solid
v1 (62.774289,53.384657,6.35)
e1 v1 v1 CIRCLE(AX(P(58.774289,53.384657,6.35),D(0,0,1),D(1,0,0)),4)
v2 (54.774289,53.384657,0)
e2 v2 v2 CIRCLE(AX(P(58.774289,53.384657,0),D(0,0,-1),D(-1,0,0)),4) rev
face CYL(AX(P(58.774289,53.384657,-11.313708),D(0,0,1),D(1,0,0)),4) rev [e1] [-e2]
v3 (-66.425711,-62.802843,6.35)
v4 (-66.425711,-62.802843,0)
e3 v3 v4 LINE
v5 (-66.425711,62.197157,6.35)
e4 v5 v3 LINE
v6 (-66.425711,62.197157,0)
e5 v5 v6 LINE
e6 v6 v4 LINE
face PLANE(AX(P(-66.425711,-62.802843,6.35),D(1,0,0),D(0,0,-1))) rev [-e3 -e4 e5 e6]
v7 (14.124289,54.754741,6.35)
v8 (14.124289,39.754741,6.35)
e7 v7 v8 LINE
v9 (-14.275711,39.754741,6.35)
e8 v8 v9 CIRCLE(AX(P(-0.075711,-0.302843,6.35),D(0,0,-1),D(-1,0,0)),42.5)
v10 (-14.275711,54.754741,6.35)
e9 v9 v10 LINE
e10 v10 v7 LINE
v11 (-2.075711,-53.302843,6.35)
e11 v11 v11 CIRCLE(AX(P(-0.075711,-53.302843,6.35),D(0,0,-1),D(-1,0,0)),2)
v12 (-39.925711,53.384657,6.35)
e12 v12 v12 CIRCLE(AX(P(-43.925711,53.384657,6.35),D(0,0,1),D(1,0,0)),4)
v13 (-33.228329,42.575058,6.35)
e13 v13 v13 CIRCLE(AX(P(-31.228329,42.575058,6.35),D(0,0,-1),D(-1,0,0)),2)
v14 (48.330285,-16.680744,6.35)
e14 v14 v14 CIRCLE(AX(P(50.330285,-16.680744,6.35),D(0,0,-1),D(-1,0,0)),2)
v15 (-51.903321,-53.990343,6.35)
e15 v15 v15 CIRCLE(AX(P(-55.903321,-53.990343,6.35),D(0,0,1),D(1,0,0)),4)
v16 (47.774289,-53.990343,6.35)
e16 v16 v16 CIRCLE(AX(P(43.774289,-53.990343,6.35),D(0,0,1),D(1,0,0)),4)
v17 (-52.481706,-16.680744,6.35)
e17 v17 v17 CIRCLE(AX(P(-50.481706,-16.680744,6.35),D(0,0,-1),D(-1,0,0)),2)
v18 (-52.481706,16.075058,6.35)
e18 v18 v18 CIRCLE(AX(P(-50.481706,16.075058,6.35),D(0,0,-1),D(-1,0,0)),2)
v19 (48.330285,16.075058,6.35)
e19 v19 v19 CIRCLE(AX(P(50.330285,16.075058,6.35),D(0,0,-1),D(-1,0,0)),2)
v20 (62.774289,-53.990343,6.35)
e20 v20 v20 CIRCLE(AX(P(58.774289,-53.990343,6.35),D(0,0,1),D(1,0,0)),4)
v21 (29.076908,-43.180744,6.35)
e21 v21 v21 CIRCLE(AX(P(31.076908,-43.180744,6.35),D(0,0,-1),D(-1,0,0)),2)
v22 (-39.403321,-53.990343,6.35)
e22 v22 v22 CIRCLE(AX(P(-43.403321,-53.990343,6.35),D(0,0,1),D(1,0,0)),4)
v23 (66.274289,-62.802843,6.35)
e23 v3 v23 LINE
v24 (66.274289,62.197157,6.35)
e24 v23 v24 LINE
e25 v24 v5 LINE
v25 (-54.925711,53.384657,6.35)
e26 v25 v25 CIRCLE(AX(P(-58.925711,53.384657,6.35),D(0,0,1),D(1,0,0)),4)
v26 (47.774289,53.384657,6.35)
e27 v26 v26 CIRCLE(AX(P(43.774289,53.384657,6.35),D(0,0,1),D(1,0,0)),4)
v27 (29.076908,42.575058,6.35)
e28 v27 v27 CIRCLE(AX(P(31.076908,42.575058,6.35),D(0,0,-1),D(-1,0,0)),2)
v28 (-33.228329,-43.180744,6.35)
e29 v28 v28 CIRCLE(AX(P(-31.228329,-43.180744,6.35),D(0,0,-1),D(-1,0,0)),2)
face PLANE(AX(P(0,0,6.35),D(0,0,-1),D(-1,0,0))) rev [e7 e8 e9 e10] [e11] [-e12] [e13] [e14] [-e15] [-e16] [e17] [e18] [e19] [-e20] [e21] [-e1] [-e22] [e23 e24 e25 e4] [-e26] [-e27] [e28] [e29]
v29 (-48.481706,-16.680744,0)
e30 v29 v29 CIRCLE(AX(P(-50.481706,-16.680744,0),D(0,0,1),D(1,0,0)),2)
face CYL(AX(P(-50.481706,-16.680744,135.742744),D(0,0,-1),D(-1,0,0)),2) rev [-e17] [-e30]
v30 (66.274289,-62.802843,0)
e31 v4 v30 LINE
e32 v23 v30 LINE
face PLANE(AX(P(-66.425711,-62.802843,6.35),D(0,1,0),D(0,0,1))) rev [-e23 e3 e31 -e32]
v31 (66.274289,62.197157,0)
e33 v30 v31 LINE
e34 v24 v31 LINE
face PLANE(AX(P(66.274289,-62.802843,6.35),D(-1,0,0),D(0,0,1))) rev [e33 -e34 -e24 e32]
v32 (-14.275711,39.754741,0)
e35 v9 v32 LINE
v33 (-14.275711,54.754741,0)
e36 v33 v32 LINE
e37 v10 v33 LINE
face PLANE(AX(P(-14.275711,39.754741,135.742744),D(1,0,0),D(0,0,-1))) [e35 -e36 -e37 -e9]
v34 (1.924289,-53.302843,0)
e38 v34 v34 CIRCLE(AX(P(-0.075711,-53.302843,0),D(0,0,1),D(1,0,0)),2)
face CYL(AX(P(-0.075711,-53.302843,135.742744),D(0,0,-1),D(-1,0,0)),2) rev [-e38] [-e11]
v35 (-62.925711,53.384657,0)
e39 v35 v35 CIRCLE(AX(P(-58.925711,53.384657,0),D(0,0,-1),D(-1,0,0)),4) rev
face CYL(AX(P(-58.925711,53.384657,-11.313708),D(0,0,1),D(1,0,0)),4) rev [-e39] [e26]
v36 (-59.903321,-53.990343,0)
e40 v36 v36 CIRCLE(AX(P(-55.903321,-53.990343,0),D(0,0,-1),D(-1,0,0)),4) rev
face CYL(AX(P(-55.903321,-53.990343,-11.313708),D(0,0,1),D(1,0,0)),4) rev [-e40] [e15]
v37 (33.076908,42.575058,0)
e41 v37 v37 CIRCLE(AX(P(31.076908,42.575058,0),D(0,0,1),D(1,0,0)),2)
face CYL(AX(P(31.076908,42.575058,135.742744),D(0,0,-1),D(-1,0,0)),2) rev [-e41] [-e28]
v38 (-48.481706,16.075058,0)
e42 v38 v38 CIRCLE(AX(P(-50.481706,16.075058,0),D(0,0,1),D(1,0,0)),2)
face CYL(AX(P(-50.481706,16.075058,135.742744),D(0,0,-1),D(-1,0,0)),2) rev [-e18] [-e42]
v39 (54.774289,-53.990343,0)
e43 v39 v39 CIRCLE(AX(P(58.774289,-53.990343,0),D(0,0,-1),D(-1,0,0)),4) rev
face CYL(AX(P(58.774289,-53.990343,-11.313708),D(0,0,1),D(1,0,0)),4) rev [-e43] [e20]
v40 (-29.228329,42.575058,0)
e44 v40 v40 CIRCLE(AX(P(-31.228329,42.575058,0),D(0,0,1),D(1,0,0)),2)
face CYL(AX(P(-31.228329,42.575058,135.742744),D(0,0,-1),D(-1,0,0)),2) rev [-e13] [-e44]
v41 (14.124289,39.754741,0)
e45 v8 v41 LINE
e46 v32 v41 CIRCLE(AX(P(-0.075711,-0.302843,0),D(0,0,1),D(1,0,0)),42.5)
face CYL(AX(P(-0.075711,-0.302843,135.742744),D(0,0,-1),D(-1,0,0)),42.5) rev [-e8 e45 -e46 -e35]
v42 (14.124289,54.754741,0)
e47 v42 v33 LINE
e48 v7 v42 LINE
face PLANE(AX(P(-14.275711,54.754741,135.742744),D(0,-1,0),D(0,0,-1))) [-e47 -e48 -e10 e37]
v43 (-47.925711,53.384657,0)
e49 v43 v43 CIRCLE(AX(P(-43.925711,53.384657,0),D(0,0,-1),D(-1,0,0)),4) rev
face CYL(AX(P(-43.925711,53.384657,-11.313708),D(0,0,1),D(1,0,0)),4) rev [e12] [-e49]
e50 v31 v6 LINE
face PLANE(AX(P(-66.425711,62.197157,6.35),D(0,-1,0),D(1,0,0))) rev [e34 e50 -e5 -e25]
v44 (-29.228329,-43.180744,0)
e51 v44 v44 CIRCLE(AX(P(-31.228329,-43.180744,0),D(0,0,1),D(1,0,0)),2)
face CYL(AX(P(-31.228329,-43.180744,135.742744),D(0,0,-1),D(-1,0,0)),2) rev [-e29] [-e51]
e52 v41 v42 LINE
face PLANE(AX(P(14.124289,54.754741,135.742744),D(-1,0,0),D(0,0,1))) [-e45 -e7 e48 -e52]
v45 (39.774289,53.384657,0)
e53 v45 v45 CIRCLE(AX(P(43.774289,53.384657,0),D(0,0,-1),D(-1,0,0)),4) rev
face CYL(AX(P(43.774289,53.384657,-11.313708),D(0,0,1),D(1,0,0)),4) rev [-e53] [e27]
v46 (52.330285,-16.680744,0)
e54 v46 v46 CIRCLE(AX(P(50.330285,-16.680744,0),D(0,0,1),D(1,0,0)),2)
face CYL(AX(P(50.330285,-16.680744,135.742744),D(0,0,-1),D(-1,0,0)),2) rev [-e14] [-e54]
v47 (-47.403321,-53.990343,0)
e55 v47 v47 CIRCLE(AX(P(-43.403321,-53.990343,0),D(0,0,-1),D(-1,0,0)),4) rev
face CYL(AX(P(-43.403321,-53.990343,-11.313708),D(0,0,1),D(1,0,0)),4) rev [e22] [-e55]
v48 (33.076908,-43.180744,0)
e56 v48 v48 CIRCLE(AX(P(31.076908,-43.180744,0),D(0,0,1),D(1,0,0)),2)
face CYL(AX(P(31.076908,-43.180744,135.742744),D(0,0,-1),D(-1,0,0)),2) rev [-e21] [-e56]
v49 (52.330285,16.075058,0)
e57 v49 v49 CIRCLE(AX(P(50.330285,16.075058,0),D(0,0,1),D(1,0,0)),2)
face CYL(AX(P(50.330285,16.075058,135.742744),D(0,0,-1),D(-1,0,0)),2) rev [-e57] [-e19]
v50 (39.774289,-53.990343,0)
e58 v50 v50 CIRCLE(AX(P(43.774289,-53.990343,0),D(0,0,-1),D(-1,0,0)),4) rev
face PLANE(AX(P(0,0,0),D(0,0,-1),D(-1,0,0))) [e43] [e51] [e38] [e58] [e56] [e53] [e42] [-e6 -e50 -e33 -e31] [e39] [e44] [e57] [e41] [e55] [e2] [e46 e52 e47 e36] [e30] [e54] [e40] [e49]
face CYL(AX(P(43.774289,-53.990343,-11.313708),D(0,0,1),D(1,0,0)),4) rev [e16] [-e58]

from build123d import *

# Parameters (mm, degrees)
SKETCH2_W           = 132.7
SKETCH2_H           = 125
BOSS_EXTRUDE1_DEPTH = 6.35
SKETCH1_R           = 2
CUT_EXTRUDE1_DEPTH  = 6.35
SKETCH6_R           = 4
CUT_EXTRUDE3_DEPTH  = 6.35


with BuildPart() as part:
    # Sketch2 → Boss-Extrude1 (new body)
    with BuildSketch(Plane.XY):
        with Locations((-0.075710713, -0.302842853)):
            Rectangle(SKETCH2_W, SKETCH2_H)
    extrude(amount=BOSS_EXTRUDE1_DEPTH)

    # Sketch1 → Cut-Extrude1 (cut)
    with BuildSketch(Plane.XY):
        with Locations(Location((-50.481706077, 16.075057848, 0), (0, 0, 180))):
            Circle(SKETCH1_R)
        with Locations(Location((-50.481706077, -16.680743555, 0), (0, 0, 180))):
            Circle(SKETCH1_R)
        with Locations(Location((-31.228329085, -43.180743555, 0), (0, 0, 180))):
            Circle(SKETCH1_R)
        with Locations(Location((-0.075710713, -53.302842853, 0), (0, 0, 180))):
            Circle(SKETCH1_R)
        with Locations(Location((31.076907658, -43.180743555, 0), (0, 0, 180))):
            Circle(SKETCH1_R)
        with Locations(Location((50.33028465, -16.680743555, 0), (0, 0, 180))):
            Circle(SKETCH1_R)
        with Locations(Location((50.33028465, 16.075057848, 0), (0, 0, 180))):
            Circle(SKETCH1_R)
        with Locations(Location((31.076907658, 42.575057848, 0), (0, 0, 180))):
            Circle(SKETCH1_R)
        with Locations(Location((-31.228329085, 42.575057848, 0), (0, 0, 180))):
            Circle(SKETCH1_R)
        with BuildLine():
            Line((-14.275710713, 39.754740698), (-14.275710713, 54.754740698))
            Line((-14.275710713, 54.754740698), (14.124289287, 54.754740698))
            Line((14.124289287, 54.754740698), (14.124289287, 39.754740698))
            ThreePointArc((14.124289287, 39.754740698), (-0.075710713, -42.802842853), (-14.275710713, 39.754740698))
        make_face()
    extrude(amount=CUT_EXTRUDE1_DEPTH, mode=Mode.SUBTRACT)

    # Sketch6 → Cut-Extrude3 (cut)
    with BuildSketch(Plane.XY.offset(6.35)):
        with Locations((58.774289287, -53.990342854)):
            Circle(SKETCH6_R)
        with Locations((43.774289287, -53.990342854)):
            Circle(SKETCH6_R)
        with Locations((-55.903321393, -53.990342853)):
            Circle(SKETCH6_R)
        with Locations((-43.403321393, -53.990342853)):
            Circle(SKETCH6_R)
        with Locations((-58.925710713, 53.384657146)):
            Circle(SKETCH6_R)
        with Locations((-43.925710713, 53.384657146)):
            Circle(SKETCH6_R)
        with Locations((43.774289287, 53.384657147)):
            Circle(SKETCH6_R)
        with Locations((58.774289287, 53.384657147)):
            Circle(SKETCH6_R)
    extrude(amount=-CUT_EXTRUDE3_DEPTH, mode=Mode.SUBTRACT)


solid = part.part
